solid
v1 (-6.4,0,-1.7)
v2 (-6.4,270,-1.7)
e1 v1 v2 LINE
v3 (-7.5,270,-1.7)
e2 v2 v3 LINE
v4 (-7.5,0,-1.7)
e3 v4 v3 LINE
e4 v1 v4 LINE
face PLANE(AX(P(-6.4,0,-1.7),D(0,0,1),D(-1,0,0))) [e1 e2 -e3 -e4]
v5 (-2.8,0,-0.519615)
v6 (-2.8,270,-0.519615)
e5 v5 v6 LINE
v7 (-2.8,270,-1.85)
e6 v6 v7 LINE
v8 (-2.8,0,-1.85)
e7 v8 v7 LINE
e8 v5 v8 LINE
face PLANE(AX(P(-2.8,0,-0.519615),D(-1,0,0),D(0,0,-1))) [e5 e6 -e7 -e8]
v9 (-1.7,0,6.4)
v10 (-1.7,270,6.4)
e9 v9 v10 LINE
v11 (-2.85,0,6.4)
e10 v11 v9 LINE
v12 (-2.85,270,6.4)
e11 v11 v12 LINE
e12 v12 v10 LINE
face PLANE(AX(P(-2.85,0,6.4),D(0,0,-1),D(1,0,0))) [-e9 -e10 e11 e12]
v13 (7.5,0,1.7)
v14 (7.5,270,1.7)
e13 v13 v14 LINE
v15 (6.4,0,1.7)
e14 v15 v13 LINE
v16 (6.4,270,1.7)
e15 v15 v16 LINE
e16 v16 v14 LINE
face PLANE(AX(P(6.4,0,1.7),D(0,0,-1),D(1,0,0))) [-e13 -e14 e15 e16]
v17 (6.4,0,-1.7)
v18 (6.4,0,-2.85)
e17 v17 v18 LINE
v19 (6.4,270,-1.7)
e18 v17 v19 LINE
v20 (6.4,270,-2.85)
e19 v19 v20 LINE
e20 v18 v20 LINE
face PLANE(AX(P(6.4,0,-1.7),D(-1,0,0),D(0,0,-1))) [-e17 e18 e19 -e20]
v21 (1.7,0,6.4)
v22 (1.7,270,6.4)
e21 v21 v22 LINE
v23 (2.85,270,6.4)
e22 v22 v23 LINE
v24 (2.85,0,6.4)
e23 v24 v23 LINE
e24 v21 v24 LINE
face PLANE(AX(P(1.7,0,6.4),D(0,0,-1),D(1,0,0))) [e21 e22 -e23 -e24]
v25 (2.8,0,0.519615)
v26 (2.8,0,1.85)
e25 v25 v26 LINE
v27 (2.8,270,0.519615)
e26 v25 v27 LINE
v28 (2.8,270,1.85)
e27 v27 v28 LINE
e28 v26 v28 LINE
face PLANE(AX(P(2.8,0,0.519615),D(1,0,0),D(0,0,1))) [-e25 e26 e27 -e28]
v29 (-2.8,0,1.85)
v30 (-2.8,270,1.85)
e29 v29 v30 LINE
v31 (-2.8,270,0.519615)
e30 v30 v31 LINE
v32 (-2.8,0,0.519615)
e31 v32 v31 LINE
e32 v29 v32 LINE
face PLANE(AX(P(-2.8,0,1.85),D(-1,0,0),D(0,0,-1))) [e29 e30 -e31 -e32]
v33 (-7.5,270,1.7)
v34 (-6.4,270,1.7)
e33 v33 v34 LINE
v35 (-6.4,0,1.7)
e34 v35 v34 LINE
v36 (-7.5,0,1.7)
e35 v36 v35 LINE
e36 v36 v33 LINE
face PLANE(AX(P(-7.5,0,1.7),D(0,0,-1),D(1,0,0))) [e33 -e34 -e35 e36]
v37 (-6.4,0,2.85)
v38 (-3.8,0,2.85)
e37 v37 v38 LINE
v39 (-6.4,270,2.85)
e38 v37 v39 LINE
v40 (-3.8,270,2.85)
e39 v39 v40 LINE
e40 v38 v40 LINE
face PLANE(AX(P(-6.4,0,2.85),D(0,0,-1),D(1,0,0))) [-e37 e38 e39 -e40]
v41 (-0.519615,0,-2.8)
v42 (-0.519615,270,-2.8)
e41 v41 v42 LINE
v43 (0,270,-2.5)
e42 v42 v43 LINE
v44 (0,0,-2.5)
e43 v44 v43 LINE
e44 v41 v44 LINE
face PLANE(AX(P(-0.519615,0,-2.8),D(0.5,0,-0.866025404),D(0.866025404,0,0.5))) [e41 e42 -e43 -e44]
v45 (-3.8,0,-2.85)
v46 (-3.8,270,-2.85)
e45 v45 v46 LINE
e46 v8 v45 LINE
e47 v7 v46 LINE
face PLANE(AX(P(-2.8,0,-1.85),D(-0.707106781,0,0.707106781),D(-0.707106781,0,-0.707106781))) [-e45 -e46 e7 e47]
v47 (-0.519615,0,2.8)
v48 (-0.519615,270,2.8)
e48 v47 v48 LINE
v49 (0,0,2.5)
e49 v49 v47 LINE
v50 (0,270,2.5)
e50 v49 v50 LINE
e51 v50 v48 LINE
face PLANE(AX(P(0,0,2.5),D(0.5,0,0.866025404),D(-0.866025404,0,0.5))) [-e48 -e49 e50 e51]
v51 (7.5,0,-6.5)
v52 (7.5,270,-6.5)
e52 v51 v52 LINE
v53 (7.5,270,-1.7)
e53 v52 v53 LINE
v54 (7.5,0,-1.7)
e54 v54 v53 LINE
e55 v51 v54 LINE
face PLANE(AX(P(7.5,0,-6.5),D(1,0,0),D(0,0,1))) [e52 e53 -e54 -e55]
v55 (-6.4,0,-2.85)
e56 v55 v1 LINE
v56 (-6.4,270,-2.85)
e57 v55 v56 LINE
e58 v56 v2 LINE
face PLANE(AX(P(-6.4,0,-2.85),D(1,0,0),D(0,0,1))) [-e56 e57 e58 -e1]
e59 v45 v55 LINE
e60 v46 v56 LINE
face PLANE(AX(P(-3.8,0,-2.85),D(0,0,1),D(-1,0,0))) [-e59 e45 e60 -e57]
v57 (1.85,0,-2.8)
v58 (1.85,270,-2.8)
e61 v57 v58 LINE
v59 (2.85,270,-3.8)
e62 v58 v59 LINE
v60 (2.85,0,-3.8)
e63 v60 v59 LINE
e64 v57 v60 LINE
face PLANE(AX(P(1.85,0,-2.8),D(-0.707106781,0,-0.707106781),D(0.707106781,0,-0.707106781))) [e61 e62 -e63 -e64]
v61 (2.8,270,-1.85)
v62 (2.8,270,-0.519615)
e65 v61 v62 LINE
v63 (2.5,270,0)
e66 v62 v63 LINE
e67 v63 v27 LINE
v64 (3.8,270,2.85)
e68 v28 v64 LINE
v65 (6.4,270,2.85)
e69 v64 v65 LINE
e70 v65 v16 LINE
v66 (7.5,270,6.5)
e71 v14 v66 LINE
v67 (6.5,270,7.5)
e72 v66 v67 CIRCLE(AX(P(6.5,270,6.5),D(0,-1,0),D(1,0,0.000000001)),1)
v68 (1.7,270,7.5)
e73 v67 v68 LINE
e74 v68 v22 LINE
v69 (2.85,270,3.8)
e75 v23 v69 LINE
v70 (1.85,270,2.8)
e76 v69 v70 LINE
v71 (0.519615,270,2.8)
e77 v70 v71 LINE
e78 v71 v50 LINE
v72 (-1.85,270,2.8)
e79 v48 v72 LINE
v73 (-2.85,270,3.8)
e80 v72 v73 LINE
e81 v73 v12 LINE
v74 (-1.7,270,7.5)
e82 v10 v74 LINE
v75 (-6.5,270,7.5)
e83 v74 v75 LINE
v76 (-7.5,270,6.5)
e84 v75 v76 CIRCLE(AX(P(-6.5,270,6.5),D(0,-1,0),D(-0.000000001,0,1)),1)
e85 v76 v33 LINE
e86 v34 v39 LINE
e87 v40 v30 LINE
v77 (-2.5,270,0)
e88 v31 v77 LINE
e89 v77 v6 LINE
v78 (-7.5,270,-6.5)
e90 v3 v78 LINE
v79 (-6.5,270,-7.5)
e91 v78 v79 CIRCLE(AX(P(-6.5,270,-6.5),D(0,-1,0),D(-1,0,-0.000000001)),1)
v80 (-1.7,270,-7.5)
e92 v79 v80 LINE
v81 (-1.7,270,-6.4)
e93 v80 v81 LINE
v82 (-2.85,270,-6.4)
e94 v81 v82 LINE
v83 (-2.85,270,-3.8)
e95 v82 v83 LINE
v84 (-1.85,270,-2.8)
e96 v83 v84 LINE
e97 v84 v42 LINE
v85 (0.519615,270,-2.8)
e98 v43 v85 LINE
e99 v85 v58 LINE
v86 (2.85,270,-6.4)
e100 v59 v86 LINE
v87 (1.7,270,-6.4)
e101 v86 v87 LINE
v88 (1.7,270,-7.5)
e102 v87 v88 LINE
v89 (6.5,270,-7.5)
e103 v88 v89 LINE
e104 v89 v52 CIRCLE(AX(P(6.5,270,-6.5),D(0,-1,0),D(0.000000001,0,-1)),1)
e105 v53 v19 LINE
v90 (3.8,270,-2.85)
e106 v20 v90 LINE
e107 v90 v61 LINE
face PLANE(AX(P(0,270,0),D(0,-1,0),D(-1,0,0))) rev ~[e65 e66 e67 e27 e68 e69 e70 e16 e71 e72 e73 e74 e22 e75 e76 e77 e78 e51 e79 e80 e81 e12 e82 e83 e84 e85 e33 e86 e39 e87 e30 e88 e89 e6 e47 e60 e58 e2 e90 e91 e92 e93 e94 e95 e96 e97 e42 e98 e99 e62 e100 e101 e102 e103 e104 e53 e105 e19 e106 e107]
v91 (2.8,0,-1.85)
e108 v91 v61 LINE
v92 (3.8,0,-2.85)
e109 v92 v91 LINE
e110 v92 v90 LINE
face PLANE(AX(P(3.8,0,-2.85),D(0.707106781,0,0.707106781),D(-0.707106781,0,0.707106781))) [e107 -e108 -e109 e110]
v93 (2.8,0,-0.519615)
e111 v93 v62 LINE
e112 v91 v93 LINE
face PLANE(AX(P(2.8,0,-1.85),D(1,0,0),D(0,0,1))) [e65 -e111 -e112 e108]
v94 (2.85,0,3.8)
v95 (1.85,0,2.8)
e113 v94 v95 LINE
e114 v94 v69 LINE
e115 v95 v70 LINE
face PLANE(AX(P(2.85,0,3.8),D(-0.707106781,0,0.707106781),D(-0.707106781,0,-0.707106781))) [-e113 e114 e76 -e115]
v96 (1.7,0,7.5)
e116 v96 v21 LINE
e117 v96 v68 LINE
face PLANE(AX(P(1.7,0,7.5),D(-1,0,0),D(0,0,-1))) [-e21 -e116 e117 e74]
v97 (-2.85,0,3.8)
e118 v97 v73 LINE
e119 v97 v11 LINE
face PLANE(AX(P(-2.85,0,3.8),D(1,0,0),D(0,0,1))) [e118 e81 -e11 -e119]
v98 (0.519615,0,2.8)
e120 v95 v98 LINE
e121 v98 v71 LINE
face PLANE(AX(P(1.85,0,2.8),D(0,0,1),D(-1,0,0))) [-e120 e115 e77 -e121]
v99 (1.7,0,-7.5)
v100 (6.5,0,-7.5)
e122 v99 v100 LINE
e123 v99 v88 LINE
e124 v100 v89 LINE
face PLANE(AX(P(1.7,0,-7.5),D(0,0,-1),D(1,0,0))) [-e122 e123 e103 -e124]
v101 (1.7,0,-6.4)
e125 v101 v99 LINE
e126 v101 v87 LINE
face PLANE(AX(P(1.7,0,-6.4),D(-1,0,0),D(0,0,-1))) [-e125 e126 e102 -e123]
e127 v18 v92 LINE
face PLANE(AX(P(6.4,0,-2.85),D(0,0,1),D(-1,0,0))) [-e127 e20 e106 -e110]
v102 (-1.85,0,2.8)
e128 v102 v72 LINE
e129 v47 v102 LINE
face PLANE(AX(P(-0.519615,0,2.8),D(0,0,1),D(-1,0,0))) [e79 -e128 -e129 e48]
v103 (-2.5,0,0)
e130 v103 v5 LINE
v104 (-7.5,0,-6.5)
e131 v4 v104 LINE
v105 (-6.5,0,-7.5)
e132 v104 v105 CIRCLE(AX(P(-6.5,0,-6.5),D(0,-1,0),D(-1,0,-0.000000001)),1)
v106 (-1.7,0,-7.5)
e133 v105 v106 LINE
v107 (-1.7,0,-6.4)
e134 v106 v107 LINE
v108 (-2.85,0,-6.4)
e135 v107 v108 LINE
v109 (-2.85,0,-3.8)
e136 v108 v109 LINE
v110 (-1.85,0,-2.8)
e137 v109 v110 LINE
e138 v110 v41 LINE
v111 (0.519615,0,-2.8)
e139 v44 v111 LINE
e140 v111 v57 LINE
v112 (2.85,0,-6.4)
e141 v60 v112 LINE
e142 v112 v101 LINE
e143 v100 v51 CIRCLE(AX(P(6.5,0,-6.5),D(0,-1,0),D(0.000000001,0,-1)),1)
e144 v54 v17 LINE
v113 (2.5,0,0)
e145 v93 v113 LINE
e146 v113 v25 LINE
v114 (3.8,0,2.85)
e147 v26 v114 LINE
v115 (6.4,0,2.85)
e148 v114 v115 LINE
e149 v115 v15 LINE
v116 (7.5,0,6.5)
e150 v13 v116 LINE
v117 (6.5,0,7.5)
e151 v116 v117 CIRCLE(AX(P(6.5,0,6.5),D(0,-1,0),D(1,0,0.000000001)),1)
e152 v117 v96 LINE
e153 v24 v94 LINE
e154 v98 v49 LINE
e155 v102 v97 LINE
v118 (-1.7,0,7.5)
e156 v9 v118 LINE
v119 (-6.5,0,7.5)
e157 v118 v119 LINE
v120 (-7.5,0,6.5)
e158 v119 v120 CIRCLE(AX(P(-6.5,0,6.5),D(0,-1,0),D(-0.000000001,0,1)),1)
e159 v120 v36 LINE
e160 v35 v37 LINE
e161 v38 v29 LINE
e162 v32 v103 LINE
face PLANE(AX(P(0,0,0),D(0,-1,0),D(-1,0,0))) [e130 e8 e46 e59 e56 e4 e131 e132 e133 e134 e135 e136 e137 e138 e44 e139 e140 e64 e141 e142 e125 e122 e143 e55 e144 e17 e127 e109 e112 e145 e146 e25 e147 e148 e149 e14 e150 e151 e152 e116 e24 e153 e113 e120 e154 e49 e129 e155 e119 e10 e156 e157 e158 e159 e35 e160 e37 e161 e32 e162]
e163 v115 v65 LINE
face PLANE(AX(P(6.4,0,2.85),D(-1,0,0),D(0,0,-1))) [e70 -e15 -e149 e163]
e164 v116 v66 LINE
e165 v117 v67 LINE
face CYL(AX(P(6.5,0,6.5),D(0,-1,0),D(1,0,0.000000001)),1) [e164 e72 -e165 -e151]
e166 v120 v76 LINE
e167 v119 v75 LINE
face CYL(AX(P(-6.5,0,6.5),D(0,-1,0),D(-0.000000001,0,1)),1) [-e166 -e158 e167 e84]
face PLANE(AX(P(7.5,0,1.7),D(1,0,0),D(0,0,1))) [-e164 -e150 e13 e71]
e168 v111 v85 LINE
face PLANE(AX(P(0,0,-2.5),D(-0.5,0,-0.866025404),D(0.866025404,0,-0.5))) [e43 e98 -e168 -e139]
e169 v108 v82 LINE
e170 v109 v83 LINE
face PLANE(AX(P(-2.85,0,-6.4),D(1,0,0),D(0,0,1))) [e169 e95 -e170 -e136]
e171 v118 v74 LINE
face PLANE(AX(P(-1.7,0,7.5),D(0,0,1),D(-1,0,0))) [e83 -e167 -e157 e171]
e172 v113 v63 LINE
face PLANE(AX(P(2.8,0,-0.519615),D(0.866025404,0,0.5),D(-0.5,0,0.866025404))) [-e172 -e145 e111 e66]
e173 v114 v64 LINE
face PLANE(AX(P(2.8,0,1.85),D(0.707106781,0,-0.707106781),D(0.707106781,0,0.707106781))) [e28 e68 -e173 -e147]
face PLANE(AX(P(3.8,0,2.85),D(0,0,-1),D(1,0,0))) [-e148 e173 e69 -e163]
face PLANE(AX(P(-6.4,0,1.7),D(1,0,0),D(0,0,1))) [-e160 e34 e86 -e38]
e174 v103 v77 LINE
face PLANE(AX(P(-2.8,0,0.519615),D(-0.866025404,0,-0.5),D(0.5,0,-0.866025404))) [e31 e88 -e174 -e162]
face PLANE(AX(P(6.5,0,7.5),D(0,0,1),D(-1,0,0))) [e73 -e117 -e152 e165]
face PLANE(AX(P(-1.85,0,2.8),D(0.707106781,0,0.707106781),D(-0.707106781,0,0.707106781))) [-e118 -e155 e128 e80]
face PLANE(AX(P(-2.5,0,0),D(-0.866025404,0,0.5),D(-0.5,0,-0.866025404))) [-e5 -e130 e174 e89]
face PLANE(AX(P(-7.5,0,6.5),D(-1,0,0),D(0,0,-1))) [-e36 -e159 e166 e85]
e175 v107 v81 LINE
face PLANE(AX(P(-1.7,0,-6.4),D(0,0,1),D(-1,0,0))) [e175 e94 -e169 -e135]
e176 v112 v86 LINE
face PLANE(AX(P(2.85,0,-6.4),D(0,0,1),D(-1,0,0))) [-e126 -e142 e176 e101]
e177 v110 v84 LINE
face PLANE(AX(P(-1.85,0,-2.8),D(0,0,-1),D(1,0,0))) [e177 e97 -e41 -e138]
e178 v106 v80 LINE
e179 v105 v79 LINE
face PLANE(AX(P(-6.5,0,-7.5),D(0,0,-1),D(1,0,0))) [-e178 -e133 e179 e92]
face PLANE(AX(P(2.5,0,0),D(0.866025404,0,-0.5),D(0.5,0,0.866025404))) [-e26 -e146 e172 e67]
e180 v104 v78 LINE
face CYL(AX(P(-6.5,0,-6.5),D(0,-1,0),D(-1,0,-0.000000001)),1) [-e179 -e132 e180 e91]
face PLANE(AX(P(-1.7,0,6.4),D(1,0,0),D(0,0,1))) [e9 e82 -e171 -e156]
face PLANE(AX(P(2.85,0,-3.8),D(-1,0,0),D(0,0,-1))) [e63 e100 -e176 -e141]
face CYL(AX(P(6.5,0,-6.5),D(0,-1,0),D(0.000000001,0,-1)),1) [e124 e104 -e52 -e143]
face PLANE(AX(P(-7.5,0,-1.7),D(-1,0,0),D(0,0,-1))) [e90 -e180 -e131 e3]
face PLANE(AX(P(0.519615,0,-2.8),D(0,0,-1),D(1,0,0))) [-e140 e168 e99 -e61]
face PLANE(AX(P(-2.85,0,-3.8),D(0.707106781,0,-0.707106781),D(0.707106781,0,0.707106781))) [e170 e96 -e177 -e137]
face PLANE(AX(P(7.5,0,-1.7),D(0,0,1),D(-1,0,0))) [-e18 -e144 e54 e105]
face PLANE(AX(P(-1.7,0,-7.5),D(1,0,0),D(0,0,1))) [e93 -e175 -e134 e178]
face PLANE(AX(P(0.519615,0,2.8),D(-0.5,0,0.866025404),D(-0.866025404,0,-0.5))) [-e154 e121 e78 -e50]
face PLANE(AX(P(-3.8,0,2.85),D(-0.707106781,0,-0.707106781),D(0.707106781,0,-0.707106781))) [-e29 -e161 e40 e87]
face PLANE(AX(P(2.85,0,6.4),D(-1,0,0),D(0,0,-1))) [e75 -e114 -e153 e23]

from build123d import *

# Parameters (mm, degrees)
BOSS_EXTRUDE1_DEPTH = 270


with BuildPart() as part:
    # Sketch2 → Boss-Extrude1 (new body)
    with BuildSketch(Plane(origin=(0, 0, 0), x_dir=(1, 0, 0), z_dir=(0, 1, 0))):
        with BuildLine():
            Line((1.7, 7.5), (6.5, 7.5))
            ThreePointArc((6.5, 7.5), (7.207106781, 7.207106781), (7.5, 6.5))
            Line((7.5, 6.5), (7.5, 1.7))
            Line((7.5, 1.7), (6.4, 1.7))
            Line((6.4, 1.7), (6.4, 2.85))
            Line((6.4, 2.85), (3.8, 2.85))
            Line((3.8, 2.85), (2.8, 1.85))
            Line((2.8, 1.85), (2.8, 0.519615242))
            Line((2.8, 0.519615242), (2.5, 0))
            Line((2.5, 0), (2.8, -0.519615242))
            Line((2.8, -0.519615242), (2.8, -1.85))
            Line((2.8, -1.85), (3.8, -2.85))
            Line((3.8, -2.85), (6.4, -2.85))
            Line((6.4, -2.85), (6.4, -1.7))
            Line((6.4, -1.7), (7.5, -1.7))
            Line((7.5, -1.7), (7.5, -6.5))
            ThreePointArc((7.5, -6.5), (7.207106781, -7.207106781), (6.5, -7.5))
            Line((6.5, -7.5), (1.7, -7.5))
            Line((1.7, -7.5), (1.7, -6.4))
            Line((1.7, -6.4), (2.85, -6.4))
            Line((2.85, -6.4), (2.85, -3.8))
            Line((2.85, -3.8), (1.85, -2.8))
            Line((1.85, -2.8), (0.519615242, -2.8))
            Line((0.519615242, -2.8), (0, -2.5))
            Line((0, -2.5), (-0.519615242, -2.8))
            Line((-0.519615242, -2.8), (-1.85, -2.8))
            Line((-1.85, -2.8), (-2.85, -3.8))
            Line((-2.85, -3.8), (-2.85, -6.4))
            Line((-2.85, -6.4), (-1.7, -6.4))
            Line((-1.7, -6.4), (-1.7, -7.5))
            Line((-1.7, -7.5), (-6.5, -7.5))
            ThreePointArc((-6.5, -7.5), (-7.207106781, -7.207106781), (-7.5, -6.5))
            Line((-7.5, -6.5), (-7.5, -1.7))
            Line((-7.5, -1.7), (-6.4, -1.7))
            Line((-6.4, -1.7), (-6.4, -2.85))
            Line((-6.4, -2.85), (-3.8, -2.85))
            Line((-3.8, -2.85), (-2.8, -1.85))
            Line((-2.8, -1.85), (-2.8, -0.519615242))
            Line((-2.8, -0.519615242), (-2.5, 0))
            Line((-2.5, 0), (-2.8, 0.519615242))
            Line((-2.8, 0.519615242), (-2.8, 1.85))
            Line((-2.8, 1.85), (-3.8, 2.85))
            Line((-3.8, 2.85), (-6.4, 2.85))
            Line((-6.4, 2.85), (-6.4, 1.7))
            Line((-6.4, 1.7), (-7.5, 1.7))
            Line((-7.5, 1.7), (-7.5, 6.5))
            ThreePointArc((-7.5, 6.5), (-7.207106781, 7.207106781), (-6.5, 7.5))
            Line((-6.5, 7.5), (-1.7, 7.5))
            Line((-1.7, 7.5), (-1.7, 6.4))
            Line((-1.7, 6.4), (-2.85, 6.4))
            Line((-2.85, 6.4), (-2.85, 3.8))
            Line((-2.85, 3.8), (-1.85, 2.8))
            Line((-1.85, 2.8), (-0.519615242, 2.8))
            Line((-0.519615242, 2.8), (0, 2.5))
            Line((0, 2.5), (0.519615242, 2.8))
            Line((0.519615242, 2.8), (1.85, 2.8))
            Line((1.85, 2.8), (2.85, 3.8))
            Line((2.85, 3.8), (2.85, 6.4))
            Line((2.85, 6.4), (1.7, 6.4))
            Line((1.7, 6.4), (1.7, 7.5))
        make_face()
    extrude(amount=BOSS_EXTRUDE1_DEPTH)


solid = part.part
